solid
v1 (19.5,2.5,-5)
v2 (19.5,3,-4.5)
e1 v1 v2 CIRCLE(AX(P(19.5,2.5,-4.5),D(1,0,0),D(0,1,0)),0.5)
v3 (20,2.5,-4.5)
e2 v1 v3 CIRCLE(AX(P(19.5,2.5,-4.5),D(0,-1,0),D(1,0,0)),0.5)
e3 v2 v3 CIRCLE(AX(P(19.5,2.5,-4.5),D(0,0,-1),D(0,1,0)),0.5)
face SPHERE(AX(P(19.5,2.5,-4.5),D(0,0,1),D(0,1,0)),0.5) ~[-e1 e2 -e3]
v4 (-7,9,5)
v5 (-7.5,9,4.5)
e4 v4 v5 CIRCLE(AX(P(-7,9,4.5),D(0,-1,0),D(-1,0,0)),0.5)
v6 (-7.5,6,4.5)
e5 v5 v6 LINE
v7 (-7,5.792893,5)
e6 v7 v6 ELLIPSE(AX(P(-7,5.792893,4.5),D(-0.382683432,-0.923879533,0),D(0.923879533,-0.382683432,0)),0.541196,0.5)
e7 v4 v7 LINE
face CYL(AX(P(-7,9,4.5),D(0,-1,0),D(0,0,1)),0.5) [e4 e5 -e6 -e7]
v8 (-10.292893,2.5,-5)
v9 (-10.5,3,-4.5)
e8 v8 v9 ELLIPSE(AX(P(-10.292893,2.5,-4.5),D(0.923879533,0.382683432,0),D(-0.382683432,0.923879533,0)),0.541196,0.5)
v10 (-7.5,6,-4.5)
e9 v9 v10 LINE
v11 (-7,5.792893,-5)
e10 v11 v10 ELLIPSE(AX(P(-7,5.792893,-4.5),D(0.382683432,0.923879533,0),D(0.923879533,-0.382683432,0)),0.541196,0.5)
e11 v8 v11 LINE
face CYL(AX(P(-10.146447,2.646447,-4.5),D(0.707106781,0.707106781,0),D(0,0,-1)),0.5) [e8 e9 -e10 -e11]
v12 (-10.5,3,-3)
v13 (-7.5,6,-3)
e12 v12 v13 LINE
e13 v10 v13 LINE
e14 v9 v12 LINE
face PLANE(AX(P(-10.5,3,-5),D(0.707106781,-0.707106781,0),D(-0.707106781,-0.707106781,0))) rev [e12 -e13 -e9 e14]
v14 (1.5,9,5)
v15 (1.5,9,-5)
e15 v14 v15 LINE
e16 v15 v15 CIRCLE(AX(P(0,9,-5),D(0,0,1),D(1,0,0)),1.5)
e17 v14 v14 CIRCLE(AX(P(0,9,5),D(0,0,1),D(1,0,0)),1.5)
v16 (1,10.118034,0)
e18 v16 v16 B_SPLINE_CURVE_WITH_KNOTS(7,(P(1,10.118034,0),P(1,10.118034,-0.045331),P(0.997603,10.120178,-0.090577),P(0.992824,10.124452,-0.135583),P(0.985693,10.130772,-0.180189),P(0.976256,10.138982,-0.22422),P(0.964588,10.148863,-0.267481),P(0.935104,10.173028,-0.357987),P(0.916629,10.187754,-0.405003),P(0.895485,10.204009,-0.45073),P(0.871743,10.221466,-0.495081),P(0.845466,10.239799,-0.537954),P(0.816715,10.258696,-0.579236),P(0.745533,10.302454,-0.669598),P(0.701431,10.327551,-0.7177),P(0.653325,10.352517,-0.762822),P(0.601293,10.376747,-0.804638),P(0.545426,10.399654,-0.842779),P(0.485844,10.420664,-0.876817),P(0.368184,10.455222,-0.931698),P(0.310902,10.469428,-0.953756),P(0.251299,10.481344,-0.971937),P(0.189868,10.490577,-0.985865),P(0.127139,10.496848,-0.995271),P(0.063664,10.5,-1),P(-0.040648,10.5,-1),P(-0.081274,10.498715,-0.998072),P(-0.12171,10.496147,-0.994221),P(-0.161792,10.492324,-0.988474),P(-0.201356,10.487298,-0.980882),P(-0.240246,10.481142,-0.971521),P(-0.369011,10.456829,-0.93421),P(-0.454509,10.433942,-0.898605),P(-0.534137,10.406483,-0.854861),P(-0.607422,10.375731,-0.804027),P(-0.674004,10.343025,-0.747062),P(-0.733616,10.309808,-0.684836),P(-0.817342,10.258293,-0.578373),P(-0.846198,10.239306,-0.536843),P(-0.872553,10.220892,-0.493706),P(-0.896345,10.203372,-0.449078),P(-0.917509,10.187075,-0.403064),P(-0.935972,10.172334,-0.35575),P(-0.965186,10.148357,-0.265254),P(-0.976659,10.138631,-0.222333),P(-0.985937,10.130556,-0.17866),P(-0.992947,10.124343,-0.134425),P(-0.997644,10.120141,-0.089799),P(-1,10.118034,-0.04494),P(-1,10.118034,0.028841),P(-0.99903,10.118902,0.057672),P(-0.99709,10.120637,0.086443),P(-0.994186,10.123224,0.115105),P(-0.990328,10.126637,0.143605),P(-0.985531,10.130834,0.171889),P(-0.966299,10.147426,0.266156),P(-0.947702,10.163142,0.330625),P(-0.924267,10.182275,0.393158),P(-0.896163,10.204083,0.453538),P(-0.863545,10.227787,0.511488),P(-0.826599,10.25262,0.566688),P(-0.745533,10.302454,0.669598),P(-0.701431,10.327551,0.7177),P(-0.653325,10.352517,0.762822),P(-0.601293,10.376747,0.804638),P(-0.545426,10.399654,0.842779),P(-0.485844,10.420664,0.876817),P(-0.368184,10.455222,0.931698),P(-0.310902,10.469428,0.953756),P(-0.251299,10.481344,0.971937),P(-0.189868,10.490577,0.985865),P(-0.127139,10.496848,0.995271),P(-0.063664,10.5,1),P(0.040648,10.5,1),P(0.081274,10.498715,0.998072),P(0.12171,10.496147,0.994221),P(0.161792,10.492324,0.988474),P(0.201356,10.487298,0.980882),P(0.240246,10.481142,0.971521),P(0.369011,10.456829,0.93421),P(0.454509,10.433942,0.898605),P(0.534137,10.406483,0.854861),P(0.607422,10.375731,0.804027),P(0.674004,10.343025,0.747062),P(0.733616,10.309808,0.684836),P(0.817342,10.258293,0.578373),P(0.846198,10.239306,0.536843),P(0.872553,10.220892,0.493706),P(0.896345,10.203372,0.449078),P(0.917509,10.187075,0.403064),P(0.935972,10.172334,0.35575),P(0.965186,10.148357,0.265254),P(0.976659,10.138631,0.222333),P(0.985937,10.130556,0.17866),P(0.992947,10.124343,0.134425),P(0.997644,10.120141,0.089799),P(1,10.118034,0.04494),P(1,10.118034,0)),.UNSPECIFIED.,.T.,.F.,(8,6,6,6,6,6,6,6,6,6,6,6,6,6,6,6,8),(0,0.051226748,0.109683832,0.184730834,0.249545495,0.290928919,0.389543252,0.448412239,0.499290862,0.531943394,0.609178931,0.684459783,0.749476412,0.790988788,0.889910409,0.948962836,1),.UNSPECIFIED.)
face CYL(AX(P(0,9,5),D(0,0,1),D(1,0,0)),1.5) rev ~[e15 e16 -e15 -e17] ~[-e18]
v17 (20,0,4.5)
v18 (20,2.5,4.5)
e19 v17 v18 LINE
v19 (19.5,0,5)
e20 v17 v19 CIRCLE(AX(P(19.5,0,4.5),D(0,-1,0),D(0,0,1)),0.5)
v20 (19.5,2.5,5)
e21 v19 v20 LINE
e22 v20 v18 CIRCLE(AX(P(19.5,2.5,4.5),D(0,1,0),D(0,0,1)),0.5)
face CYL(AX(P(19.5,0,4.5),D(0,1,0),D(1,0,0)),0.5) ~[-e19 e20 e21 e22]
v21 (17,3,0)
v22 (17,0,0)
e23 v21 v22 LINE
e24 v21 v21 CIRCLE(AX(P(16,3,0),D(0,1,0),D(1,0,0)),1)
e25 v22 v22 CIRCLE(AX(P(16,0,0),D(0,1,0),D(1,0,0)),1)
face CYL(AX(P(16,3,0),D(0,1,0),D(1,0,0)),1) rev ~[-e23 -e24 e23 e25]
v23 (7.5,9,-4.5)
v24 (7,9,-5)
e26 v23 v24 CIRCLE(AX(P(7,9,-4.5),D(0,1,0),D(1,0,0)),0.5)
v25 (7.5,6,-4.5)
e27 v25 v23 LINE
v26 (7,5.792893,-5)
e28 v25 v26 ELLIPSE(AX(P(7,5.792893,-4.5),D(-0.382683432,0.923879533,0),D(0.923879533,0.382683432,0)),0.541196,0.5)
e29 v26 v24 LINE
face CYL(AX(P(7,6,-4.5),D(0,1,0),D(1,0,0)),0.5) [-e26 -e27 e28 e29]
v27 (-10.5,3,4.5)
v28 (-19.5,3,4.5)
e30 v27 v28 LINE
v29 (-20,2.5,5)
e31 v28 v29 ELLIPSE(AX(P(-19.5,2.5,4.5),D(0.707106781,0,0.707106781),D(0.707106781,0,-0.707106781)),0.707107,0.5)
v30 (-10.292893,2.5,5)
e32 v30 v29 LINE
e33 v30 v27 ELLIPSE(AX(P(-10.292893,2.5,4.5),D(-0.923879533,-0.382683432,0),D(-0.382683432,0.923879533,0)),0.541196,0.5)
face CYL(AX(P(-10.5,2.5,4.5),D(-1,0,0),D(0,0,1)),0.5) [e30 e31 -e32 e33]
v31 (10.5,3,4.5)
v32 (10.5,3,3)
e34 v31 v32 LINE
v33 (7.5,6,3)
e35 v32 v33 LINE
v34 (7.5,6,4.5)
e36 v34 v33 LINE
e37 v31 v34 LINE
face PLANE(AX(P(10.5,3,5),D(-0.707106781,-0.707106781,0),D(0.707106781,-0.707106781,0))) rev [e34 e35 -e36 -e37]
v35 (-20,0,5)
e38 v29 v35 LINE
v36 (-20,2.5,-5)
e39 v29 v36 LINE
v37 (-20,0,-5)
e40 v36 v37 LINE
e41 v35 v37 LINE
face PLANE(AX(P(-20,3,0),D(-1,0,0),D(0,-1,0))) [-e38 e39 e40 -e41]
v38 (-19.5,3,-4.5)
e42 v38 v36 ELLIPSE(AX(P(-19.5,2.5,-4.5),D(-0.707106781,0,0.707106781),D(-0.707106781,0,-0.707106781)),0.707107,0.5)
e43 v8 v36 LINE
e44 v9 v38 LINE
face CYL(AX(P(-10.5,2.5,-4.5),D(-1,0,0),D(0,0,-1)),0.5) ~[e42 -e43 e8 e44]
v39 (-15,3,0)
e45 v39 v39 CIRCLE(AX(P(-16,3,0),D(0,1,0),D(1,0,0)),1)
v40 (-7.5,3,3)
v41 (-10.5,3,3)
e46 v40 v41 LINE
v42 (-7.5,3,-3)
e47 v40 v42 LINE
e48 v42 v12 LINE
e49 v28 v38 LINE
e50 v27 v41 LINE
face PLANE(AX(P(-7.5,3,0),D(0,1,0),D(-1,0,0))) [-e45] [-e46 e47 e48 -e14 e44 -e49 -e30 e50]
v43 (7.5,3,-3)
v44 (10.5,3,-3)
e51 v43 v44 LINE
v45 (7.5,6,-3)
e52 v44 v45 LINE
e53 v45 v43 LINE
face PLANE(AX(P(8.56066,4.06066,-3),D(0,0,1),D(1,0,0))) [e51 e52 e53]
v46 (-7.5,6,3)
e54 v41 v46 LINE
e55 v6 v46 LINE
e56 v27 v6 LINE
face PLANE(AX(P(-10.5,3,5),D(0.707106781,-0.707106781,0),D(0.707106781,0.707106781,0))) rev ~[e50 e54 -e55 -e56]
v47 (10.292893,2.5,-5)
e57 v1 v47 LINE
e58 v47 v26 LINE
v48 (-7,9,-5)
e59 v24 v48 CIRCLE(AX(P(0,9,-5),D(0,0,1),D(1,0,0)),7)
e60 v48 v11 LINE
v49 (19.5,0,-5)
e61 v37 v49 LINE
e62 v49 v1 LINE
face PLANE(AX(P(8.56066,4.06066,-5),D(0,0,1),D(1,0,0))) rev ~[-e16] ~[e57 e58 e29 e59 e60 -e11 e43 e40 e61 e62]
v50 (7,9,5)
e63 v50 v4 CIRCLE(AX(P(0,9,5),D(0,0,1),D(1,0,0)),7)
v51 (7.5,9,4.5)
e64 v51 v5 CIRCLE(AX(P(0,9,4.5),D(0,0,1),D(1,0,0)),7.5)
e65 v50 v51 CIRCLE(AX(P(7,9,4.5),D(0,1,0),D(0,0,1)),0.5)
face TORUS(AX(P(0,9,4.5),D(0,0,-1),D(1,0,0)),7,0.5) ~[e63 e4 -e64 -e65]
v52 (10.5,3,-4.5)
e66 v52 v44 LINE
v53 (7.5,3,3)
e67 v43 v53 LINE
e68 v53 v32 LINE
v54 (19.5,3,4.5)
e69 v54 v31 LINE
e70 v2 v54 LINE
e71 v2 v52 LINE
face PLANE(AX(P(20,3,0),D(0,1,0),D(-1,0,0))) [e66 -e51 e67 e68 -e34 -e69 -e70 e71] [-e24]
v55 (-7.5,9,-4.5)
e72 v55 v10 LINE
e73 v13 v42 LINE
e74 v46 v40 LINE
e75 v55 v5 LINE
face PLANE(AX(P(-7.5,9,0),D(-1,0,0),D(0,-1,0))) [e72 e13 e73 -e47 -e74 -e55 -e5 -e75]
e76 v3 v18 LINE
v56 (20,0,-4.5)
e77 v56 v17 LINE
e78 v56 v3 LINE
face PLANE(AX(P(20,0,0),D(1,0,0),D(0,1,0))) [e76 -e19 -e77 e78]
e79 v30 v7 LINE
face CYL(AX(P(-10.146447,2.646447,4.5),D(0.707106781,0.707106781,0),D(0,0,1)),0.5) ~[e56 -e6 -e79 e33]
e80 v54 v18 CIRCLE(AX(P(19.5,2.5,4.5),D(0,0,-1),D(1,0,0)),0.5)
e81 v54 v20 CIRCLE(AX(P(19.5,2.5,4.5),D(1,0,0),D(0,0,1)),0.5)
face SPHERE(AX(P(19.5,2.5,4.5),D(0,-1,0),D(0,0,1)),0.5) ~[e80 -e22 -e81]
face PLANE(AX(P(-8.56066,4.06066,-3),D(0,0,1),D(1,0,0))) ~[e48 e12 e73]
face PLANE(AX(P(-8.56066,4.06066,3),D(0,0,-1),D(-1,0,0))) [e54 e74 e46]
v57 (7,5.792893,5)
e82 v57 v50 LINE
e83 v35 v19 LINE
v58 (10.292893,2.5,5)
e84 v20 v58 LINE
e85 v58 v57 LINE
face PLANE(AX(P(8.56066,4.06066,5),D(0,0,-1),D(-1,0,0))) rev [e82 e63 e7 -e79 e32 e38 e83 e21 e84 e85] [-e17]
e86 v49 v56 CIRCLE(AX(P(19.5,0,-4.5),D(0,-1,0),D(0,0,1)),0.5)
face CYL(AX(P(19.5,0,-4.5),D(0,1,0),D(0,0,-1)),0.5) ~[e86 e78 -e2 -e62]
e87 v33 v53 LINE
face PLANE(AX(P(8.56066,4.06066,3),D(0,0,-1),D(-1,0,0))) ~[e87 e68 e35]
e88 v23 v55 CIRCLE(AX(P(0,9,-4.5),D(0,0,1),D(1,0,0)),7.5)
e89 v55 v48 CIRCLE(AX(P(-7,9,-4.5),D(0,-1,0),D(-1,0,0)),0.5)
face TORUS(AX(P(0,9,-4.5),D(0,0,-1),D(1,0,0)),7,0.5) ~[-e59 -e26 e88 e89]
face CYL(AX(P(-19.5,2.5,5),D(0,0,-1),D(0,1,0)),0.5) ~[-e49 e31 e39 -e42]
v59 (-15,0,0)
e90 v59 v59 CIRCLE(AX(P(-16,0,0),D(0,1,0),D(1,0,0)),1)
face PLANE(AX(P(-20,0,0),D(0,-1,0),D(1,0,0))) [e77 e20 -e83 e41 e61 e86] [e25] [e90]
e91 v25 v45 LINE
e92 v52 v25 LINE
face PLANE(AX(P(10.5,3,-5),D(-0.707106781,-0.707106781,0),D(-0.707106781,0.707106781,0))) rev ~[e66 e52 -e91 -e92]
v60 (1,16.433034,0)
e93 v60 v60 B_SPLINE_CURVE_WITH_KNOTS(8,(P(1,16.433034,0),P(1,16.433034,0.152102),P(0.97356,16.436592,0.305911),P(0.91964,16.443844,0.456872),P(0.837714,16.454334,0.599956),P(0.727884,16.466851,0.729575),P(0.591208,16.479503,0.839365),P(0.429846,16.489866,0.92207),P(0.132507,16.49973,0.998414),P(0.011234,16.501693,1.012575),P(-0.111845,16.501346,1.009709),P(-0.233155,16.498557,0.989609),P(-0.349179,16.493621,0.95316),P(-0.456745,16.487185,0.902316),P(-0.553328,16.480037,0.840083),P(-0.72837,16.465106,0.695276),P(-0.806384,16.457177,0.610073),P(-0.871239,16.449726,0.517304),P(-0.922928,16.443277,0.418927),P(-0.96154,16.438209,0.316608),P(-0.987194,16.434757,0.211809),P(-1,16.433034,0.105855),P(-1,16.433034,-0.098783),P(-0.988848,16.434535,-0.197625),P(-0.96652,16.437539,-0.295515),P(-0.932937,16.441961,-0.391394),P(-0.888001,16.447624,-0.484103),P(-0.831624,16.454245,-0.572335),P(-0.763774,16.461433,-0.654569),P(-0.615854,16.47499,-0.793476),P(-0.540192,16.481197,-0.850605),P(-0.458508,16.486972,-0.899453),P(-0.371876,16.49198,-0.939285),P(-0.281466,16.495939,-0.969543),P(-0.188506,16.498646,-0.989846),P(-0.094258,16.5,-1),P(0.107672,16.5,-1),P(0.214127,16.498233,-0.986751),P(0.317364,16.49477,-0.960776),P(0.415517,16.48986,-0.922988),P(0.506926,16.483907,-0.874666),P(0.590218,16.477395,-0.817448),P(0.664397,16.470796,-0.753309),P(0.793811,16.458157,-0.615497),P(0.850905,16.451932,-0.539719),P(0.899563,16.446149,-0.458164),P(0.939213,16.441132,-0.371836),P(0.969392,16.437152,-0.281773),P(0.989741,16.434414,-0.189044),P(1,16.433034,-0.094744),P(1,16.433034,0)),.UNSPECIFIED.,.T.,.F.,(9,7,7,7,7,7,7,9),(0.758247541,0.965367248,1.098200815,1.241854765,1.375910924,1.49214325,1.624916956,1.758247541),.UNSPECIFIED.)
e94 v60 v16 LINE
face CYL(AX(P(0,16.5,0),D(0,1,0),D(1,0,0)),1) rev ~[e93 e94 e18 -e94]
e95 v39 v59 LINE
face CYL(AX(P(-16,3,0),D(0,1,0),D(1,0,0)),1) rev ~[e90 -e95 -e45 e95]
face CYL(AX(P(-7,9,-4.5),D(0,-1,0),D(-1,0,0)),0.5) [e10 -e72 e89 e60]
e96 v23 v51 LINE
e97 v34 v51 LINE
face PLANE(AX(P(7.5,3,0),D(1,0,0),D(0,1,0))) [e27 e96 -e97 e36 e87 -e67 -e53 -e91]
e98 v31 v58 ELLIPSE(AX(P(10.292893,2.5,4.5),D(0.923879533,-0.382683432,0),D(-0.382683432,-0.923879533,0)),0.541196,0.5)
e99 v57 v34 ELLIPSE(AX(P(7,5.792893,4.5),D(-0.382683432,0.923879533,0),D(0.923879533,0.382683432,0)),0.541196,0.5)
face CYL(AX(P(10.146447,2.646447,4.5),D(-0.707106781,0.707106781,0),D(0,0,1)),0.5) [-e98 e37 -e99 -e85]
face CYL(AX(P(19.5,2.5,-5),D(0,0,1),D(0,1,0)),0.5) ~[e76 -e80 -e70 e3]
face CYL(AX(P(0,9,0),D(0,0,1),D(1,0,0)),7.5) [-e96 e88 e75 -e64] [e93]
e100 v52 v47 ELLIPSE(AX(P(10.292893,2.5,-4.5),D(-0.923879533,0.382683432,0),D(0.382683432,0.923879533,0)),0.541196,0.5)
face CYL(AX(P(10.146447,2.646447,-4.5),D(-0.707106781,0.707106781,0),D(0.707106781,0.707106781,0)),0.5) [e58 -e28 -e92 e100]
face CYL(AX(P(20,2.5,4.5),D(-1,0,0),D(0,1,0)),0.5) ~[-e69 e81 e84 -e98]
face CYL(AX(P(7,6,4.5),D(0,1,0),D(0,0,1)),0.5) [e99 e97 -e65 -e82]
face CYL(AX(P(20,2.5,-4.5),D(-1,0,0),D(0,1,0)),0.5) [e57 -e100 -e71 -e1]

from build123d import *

# Parameters (mm, degrees)
BOSS_EXTRU_1_DEPTH           = 5
BOSS_EXTRU_2_DEPTH           = 2
SYM_TRIE2_COPY_1_DEPTH       = 2
CONG_1_R                     = 0.5
ESQUISSE4_R                  = 1.5
ENL_V_MAT_EXTRU_2_DEPTH      = 1.0000001
ENL_V_MAT_EXTRU_2_DEPTH_BACK = 11.0000001
ESQUISSE5_R                  = 1
ENL_V_MAT_EXTRU_3_DEPTH      = 7
ESQUISSE3_R                  = 1
ENL_V_MAT_EXTRU_1_DEPTH      = 14.500000115
ENL_V_MAT_EXTRU_1_DEPTH_BACK = 4


with BuildPart() as part:
    # Esquisse1 → Boss.-Extru.1 (new body, symmetric)
    with BuildSketch(Plane.XY):
        with BuildLine():
            Line((-20, 0), (20, 0))
            Line((20, 0), (20, 3))
            Line((20, 3), (7.5, 3))
            Line((7.5, 3), (7.5, 9))
            ThreePointArc((7.5, 9), (0, 16.5), (-7.5, 9))
            Line((-7.5, 9), (-7.5, 3))
            Line((-7.5, 3), (-20, 3))
            Line((-20, 3), (-20, 0))
        make_face()
    extrude(amount=BOSS_EXTRU_1_DEPTH, both=True)

    # Esquisse2 → Boss.-Extru.2 (add)
    with BuildSketch(Plane.XY.offset(5)):
        Polygon((-10.5, 3), (-7.5, 6), (-7.5, 3), align=None)
    boss_extru_2 = extrude(amount=-BOSS_EXTRU_2_DEPTH)

    # Symétrie1: Boss.-Extru.2 across plane
    add(boss_extru_2.mirror(Plane.XY))

    # Symétrie2: Boss.-Extru.2 across plane
    add(boss_extru_2.mirror(Plane(origin=(0, 0, 0), x_dir=(0, 0, 1), z_dir=(1, 0, 0))))

    # Symétrie2 copy 1 sketch → Symétrie2 copy 1 (add)
    with BuildSketch(Plane(origin=(0, 0, -5), x_dir=(-1, 0, 0), z_dir=(0, 0, -1))):
        Polygon((-10.5, 3), (-7.5, 6), (-7.5, 3), align=None)
    extrude(amount=-SYM_TRIE2_COPY_1_DEPTH)

    # Congé1
    cong_1_edges = [part.edges().sort_by_distance(p)[0] for p in [
        (20, 1.5, 5),
        (15.25, 3, 5),
        (-20, 3, 0),
        (20, 3, 0),
        (0, 16.5, 5),
        (-7.5, 7.5, 5),
        (-15.25, 3, 5),
        (-9, 4.5, 5),
        (-15.25, 3, -5),
        (-9, 4.5, -5),
        (7.5, 7.5, -5),
        (9, 4.5, -5),
        (7.5, 7.5, 5),
        (9, 4.5, 5),
        (-7.5, 7.5, -5),
        (0, 16.5, -5),
        (15.25, 3, -5),
        (20, 1.5, -5),
    ]]
    fillet(cong_1_edges, radius=CONG_1_R)

    # Esquisse4 → Enlèv. mat.-Extru.2 (cut, two sides)
    with BuildSketch(Plane.XY.offset(5)) as enl_v_mat_extru_2_sk:
        with Locations((0, 9)):
            Circle(ESQUISSE4_R)
    extrude(amount=ENL_V_MAT_EXTRU_2_DEPTH, mode=Mode.SUBTRACT)
    extrude(enl_v_mat_extru_2_sk.sketch, amount=-ENL_V_MAT_EXTRU_2_DEPTH_BACK, mode=Mode.SUBTRACT)

    # Esquisse5 → Enlèv. mat.-Extru.3 (cut)
    with BuildSketch(Plane(origin=(0, 16.5, 0), x_dir=(1, 0, 0), z_dir=(0, 1, 0))):
        Circle(ESQUISSE5_R)
    extrude(amount=-ENL_V_MAT_EXTRU_3_DEPTH, mode=Mode.SUBTRACT)

    # Esquisse3 → Enlèv. mat.-Extru.1 (cut, two sides)
    with BuildSketch(Plane(origin=(0, 3, 0), x_dir=(1, 0, 0), z_dir=(0, 1, 0))) as enl_v_mat_extru_1_sk:
        with Locations((-16, 0)):
            Circle(ESQUISSE3_R)
        with Locations((16, 0)):
            Circle(ESQUISSE3_R)
    extrude(amount=ENL_V_MAT_EXTRU_1_DEPTH, mode=Mode.SUBTRACT)
    extrude(enl_v_mat_extru_1_sk.sketch, amount=-ENL_V_MAT_EXTRU_1_DEPTH_BACK, mode=Mode.SUBTRACT)


solid = part.part
